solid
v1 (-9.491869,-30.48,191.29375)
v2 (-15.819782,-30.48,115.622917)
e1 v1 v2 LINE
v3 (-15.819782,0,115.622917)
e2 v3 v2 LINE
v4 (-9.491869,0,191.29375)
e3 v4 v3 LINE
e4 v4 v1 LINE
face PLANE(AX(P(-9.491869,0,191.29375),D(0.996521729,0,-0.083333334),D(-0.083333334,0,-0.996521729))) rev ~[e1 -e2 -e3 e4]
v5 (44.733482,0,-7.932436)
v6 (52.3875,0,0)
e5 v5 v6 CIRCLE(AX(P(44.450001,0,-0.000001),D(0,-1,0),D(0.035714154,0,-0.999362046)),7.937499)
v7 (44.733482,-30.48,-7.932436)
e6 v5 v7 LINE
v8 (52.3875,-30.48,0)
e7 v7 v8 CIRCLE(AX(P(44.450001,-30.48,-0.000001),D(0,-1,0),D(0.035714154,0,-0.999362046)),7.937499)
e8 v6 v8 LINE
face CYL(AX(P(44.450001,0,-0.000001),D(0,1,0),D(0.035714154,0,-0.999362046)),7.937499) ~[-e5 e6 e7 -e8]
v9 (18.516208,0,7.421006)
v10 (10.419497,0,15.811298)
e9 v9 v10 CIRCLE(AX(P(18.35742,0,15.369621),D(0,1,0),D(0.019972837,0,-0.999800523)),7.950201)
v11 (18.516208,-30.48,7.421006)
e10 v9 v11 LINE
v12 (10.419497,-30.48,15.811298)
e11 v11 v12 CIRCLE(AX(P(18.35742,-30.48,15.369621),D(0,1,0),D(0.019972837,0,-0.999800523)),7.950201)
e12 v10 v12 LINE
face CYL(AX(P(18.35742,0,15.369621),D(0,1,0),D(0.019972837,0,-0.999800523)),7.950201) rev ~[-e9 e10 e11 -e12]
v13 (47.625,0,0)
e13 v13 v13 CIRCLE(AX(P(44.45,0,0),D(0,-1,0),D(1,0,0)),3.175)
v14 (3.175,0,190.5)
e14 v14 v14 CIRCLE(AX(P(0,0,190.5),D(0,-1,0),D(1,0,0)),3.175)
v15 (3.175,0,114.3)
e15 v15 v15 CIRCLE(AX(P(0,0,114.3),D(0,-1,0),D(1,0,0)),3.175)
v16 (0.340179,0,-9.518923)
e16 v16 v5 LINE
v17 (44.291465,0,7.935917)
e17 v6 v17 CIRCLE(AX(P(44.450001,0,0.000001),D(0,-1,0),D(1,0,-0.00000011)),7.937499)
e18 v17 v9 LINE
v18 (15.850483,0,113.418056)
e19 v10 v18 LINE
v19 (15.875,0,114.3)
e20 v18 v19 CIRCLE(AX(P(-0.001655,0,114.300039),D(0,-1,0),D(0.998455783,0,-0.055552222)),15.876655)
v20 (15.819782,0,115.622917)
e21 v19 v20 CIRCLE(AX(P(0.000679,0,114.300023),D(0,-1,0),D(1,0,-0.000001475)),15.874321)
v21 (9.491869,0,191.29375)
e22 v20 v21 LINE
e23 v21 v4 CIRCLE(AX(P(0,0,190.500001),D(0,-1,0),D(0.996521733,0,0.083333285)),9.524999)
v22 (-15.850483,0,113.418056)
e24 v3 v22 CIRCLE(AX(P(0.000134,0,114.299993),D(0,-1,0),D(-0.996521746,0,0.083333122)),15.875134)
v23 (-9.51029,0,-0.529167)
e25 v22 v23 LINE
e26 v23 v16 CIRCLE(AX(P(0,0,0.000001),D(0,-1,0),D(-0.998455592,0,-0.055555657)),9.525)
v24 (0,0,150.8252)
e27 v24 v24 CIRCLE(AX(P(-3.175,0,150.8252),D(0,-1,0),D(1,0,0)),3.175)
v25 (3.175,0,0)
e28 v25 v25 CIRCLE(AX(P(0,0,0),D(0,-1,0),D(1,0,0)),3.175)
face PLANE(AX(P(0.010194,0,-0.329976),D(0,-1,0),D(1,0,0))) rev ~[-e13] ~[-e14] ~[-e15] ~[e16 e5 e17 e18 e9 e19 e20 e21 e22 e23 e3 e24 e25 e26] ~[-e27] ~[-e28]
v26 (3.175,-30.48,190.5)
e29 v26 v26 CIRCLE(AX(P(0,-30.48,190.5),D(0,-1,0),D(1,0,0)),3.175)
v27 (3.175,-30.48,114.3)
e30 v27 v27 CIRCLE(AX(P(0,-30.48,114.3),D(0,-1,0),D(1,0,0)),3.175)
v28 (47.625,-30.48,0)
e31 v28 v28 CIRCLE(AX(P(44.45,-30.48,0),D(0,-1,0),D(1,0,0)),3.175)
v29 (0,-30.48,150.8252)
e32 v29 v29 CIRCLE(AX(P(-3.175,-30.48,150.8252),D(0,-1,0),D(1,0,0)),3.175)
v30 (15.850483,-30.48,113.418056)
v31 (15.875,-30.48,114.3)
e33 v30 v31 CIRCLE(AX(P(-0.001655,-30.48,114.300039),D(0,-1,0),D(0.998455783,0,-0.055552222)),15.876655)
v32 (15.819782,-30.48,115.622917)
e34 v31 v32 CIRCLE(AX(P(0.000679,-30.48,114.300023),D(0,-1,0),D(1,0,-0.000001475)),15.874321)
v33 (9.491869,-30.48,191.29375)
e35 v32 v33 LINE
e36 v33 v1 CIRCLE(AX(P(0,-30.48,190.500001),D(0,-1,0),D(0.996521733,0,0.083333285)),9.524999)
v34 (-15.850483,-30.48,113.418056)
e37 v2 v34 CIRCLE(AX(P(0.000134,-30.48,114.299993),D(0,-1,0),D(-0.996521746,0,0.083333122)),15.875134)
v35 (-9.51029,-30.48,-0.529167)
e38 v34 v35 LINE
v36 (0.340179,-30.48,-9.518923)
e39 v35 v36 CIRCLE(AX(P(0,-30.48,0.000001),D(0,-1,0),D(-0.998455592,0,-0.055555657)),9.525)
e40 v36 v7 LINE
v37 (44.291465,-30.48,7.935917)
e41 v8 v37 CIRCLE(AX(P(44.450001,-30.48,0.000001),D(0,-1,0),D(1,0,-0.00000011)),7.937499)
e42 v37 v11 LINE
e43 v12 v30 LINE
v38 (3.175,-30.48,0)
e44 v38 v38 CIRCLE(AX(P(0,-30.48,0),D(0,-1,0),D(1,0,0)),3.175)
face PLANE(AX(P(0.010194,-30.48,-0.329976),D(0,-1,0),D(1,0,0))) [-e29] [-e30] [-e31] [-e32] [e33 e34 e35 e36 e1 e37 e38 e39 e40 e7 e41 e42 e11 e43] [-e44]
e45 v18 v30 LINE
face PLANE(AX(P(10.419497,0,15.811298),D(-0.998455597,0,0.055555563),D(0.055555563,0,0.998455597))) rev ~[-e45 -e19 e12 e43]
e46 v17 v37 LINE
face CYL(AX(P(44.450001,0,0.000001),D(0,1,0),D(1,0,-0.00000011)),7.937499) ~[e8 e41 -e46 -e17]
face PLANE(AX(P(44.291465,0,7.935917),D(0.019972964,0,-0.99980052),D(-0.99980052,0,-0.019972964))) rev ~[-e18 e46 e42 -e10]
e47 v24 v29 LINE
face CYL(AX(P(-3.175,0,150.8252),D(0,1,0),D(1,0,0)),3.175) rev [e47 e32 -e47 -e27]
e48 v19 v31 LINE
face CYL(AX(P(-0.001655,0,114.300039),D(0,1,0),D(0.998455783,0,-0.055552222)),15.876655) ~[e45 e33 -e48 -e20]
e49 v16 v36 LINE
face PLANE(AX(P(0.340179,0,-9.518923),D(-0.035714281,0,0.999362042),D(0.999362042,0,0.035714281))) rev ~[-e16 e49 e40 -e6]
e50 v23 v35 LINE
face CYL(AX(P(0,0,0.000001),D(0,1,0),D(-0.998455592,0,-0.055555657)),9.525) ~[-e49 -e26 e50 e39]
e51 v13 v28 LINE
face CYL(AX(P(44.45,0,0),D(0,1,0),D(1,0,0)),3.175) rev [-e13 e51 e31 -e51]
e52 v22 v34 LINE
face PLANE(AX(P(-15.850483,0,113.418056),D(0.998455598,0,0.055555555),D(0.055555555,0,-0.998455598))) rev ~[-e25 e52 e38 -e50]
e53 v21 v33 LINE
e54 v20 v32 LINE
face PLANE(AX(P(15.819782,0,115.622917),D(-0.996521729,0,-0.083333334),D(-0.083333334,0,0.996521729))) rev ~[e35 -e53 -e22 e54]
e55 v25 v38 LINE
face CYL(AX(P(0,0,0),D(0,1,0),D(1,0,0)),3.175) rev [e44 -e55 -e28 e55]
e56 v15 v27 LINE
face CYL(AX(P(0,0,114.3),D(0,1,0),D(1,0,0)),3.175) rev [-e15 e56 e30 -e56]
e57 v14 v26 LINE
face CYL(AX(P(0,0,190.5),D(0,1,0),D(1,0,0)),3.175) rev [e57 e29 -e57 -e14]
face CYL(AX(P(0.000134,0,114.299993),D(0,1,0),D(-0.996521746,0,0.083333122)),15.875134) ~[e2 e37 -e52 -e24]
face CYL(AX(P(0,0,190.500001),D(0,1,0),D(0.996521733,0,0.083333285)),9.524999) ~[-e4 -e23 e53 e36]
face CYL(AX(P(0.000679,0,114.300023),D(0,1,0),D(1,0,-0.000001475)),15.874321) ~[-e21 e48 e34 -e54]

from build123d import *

# Parameters (mm, degrees)
F0_R     = 3.175
F1_DEPTH = 30.48


with BuildPart() as f1:
    # F0 (on Front) → F1 (new body)
    with BuildSketch(Plane.XZ):
        with BuildLine():
            ThreePointArc((0.340179, -9.518923), (6.854408, -6.613827), (9.525, 0))
            ThreePointArc((9.525, 0), (-0.264686, 9.521322), (-9.51029, -0.529167))
            ThreePointArc((-9.51029, -0.529167), (-6.420799, -7.03555), (0.340179, -9.518923))
        make_face()
        Circle(F0_R, mode=Mode.SUBTRACT)
        with BuildLine():
            ThreePointArc((-9.51029, -0.529167), (-0.264686, 9.521322), (9.525, 0))
            ThreePointArc((9.525, 0), (6.854408, -6.613827), (0.340179, -9.518923))
            Line((0.340179, -9.518923), (44.733482, -7.932436))
            ThreePointArc((44.733482, -7.932436), (36.515578, -0.221016), (44.291465, 7.935917))
            Line((44.291465, 7.935917), (18.516208, 7.421006))
            ThreePointArc((18.516208, 7.421006), (12.636582, 9.848959), (10.419497, 15.811298))
            Line((10.419497, 15.811298), (15.850483, 113.418056))
            ThreePointArc((15.850483, 113.418056), (0, 98.425), (-15.850483, 113.418056))
            Line((-15.850483, 113.418056), (-9.51029, -0.529167))
        make_face()
        with BuildLine():
            ThreePointArc((-15.819782, 115.622917), (-15.873461, 114.52102), (-15.850483, 113.418056))
            ThreePointArc((-15.850483, 113.418056), (0, 98.425), (15.850483, 113.418056))
            ThreePointArc((15.850483, 113.418056), (15.868869, 113.858857), (15.875, 114.3))
            ThreePointArc((15.875, 114.3), (15.86119, 114.962034), (15.819782, 115.622917))
            ThreePointArc((15.819782, 115.622917), (0, 130.175), (-15.819782, 115.622917))
        make_face()
        with Locations((0, 114.3)):
            Circle(F0_R, mode=Mode.SUBTRACT)
        with BuildLine():
            ThreePointArc((44.291465, 7.935917), (36.515578, -0.221016), (44.733482, -7.932436))
            ThreePointArc((44.733482, -7.932436), (50.162007, -5.511523), (52.3875, 0))
            ThreePointArc((52.3875, 0), (50.006327, 5.668434), (44.291465, 7.935917))
        make_face()
        with Locations((44.45, 0)):
            Circle(F0_R, mode=Mode.SUBTRACT)
        with BuildLine():
            Line((-9.491869, 191.29375), (-15.819782, 115.622917))
            ThreePointArc((-15.819782, 115.622917), (0, 130.175), (15.819782, 115.622917))
            Line((15.819782, 115.622917), (9.491869, 191.29375))
            ThreePointArc((9.491869, 191.29375), (9.516714, 190.897221), (9.525, 190.5))
            ThreePointArc((9.525, 190.5), (-0.397221, 180.983286), (-9.491869, 191.29375))
        make_face()
        with Locations((-3.175, 150.8252)):
            Circle(F0_R, mode=Mode.SUBTRACT)
        with BuildLine():
            ThreePointArc((9.491869, 191.29375), (0, 200.025), (-9.491869, 191.29375))
            ThreePointArc((-9.491869, 191.29375), (-0.397221, 180.983286), (9.525, 190.5))
            ThreePointArc((9.525, 190.5), (9.516714, 190.897221), (9.491869, 191.29375))
        make_face()
        with Locations((0, 190.5)):
            Circle(F0_R, mode=Mode.SUBTRACT)
    extrude(amount=F1_DEPTH)


solid = f1.part
